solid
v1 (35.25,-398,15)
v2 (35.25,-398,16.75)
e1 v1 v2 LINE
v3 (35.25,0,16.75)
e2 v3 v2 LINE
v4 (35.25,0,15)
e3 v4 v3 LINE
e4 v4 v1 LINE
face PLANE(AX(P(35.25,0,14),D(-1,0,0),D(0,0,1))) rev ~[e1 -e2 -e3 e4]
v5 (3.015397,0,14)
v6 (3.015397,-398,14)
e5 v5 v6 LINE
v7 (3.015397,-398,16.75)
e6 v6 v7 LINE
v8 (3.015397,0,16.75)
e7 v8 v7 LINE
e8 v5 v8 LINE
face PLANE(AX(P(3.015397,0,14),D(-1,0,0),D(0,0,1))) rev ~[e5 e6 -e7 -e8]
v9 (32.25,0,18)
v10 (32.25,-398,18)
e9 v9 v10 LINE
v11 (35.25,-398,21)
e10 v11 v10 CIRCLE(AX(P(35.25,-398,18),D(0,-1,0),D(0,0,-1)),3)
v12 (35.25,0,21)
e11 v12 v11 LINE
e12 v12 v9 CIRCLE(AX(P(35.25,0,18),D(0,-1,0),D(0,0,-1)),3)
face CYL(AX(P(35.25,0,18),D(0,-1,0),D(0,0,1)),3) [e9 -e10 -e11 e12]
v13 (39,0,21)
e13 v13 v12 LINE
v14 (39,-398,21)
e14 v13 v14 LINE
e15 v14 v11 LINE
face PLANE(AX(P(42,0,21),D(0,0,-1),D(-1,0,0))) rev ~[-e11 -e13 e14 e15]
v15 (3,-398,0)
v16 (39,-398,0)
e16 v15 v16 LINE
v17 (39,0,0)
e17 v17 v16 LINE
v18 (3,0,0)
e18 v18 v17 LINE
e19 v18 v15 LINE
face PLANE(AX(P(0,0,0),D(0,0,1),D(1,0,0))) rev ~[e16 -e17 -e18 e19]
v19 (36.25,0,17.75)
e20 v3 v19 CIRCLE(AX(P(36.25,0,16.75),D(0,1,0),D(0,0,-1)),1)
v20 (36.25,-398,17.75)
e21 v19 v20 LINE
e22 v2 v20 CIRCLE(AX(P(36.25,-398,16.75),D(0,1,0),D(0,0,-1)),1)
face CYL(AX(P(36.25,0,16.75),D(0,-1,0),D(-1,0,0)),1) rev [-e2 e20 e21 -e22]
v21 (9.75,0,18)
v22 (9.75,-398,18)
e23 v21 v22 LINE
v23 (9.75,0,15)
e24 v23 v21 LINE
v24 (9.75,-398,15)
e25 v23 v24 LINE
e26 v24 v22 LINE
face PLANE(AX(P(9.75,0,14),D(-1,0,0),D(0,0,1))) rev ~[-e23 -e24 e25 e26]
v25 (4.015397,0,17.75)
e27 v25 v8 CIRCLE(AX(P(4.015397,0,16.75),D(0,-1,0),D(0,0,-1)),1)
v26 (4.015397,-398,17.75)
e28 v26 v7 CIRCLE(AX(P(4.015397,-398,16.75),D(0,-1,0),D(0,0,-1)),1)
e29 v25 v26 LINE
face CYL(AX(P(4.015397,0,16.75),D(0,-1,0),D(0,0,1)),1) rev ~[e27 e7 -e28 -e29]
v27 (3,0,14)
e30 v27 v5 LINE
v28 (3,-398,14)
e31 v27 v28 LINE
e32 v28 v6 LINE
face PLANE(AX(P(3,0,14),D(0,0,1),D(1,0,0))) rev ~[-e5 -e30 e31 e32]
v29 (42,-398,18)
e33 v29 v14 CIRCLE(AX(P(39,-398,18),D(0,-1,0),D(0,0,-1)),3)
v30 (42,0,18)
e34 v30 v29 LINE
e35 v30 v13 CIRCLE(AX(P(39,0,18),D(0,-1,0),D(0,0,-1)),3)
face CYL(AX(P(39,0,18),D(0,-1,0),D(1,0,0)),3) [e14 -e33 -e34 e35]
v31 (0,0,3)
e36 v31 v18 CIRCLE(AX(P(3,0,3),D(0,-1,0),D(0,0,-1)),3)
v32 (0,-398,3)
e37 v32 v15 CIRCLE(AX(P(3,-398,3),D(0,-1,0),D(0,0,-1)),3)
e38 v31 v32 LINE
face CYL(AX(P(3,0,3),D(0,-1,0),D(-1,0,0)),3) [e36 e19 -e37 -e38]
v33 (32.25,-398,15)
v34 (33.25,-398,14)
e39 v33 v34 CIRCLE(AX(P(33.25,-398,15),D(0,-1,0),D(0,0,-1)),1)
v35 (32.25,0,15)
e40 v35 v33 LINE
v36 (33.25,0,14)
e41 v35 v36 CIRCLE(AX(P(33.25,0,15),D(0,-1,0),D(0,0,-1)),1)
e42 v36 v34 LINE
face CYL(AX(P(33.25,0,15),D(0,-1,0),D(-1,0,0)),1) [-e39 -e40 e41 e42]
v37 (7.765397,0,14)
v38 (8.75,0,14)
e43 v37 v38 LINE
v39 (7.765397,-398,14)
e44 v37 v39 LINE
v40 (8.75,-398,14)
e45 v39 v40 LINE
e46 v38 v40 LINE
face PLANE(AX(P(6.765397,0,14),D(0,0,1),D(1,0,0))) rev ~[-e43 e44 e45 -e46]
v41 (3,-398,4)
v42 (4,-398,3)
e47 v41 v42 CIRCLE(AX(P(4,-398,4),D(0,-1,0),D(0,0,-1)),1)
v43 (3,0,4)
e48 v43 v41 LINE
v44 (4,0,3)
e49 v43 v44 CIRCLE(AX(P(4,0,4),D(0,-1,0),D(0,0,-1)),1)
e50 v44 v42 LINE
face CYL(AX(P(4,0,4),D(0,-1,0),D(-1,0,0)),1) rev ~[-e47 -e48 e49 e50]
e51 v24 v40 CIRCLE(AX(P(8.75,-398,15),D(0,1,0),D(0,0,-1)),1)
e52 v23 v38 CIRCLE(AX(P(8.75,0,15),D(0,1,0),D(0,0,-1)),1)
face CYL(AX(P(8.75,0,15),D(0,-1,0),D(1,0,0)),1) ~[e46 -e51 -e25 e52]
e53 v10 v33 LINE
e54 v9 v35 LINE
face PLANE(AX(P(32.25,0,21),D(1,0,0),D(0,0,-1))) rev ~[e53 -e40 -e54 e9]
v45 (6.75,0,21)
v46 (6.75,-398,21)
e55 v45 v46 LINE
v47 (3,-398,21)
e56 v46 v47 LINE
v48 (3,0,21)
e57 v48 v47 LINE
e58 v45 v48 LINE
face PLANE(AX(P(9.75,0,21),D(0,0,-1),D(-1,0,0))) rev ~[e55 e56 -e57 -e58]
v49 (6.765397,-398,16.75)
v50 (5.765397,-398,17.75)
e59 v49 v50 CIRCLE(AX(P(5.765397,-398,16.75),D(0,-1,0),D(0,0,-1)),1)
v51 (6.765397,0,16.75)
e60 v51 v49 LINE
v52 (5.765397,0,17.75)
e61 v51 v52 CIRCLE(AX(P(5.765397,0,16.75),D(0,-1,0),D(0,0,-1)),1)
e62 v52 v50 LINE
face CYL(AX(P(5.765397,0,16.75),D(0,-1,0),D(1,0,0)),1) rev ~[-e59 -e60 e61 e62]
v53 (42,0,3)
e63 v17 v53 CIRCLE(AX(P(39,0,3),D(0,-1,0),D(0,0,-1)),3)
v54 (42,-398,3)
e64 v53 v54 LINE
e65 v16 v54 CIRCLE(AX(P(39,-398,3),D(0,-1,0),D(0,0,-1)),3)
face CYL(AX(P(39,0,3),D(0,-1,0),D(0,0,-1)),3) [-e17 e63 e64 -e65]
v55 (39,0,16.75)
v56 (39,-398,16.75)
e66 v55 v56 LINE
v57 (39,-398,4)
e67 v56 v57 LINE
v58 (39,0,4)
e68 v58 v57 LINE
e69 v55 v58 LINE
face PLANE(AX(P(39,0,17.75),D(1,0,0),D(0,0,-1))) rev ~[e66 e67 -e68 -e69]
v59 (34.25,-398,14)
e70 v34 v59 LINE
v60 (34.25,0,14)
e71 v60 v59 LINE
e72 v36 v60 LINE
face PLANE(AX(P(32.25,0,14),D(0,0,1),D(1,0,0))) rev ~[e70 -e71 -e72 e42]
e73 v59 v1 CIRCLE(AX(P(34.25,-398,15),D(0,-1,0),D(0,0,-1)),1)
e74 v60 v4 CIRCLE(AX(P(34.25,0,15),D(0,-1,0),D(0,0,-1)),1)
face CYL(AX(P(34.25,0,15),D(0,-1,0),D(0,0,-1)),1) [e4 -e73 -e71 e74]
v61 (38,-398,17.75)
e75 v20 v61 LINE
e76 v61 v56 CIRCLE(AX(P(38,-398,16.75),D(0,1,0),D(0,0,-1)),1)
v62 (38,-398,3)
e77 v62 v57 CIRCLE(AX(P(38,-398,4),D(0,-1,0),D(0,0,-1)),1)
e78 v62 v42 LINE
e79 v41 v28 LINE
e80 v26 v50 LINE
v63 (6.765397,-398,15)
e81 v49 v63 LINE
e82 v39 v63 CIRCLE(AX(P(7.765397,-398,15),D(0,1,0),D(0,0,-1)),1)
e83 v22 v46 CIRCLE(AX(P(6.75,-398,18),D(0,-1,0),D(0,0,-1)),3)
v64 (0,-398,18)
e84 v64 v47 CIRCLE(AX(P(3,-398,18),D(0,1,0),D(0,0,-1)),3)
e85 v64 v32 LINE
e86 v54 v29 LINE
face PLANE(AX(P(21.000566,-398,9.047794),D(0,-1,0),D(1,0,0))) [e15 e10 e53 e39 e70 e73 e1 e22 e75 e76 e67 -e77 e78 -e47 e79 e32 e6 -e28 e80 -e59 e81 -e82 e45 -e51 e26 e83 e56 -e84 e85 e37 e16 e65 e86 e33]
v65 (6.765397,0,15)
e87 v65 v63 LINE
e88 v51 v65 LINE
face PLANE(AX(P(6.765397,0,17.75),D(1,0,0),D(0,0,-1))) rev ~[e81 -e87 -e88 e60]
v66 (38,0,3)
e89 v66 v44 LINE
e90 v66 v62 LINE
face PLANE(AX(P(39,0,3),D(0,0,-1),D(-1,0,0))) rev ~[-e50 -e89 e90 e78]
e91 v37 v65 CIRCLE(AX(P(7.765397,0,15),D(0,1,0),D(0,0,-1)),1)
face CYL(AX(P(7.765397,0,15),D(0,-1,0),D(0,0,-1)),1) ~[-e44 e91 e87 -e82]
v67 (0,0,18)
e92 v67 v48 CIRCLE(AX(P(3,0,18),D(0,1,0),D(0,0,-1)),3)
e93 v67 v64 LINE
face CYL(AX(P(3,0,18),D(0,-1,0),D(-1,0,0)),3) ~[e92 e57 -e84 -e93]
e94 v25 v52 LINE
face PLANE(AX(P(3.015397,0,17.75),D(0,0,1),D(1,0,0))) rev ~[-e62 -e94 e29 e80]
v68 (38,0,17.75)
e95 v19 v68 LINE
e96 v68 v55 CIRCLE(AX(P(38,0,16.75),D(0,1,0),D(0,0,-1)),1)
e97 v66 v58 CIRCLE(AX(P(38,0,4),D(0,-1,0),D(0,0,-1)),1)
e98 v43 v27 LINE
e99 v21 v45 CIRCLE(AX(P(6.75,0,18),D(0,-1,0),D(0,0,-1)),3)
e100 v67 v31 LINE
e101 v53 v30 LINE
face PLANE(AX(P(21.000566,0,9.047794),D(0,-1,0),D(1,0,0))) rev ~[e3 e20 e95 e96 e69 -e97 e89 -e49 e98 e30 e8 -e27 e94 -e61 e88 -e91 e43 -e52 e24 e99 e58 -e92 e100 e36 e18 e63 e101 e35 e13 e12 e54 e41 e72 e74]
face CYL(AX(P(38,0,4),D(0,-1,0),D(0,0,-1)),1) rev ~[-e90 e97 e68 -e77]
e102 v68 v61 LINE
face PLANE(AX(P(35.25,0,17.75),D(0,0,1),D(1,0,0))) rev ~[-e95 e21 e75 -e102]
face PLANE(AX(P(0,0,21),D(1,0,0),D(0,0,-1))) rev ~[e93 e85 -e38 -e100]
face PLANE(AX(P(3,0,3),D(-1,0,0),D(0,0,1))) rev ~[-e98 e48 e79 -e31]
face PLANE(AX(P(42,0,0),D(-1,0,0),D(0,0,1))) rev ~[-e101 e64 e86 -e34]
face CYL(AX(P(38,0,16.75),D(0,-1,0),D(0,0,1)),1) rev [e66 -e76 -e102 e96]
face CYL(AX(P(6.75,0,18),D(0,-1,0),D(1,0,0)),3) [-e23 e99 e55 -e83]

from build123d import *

# Parameters (mm, degrees)
F1_DEPTH = 398
F2_R     = 3
F3_R     = 1


with BuildPart() as f1:
    # F0 (on Front) → F1 (new body)
    with BuildSketch(Plane.XZ):
        Polygon((0, 21), (0, 0), (42, 0), (42, 21), (32.25, 21), (32.25, 14), (35.25, 14), (35.25, 17.75), (39, 17.75), (39, 14), (39, 3), (3, 3), (3, 14), (3.015397, 14), (3.015397, 17.75), (6.765397, 17.75), (6.765397, 14), (9.75, 14), (9.75, 21), align=None)
    extrude(amount=F1_DEPTH)

    # F2
    f2_edges = [f1.edges().sort_by_distance(p)[0] for p in [
        (0, -199, 21),
        (9.75, -199, 21),
        (32.25, -199, 21),
        (42, -199, 21),
        (0, -199, 0),
        (42, -199, 0),
    ]]
    fillet(f2_edges, radius=F2_R)

    # F3
    f3_edges = [f1.edges().sort_by_distance(p)[0] for p in [
        (6.765397, -199, 14),
        (32.25, -199, 14),
        (35.25, -199, 14),
        (9.75, -199, 14),
        (3, -199, 3),
        (39, -199, 3),
        (39, -199, 17.75),
        (3.015397, -199, 17.75),
        (35.25, -199, 17.75),
        (6.765397, -199, 17.75),
    ]]
    fillet(f3_edges, radius=F3_R)


solid = f1.part
